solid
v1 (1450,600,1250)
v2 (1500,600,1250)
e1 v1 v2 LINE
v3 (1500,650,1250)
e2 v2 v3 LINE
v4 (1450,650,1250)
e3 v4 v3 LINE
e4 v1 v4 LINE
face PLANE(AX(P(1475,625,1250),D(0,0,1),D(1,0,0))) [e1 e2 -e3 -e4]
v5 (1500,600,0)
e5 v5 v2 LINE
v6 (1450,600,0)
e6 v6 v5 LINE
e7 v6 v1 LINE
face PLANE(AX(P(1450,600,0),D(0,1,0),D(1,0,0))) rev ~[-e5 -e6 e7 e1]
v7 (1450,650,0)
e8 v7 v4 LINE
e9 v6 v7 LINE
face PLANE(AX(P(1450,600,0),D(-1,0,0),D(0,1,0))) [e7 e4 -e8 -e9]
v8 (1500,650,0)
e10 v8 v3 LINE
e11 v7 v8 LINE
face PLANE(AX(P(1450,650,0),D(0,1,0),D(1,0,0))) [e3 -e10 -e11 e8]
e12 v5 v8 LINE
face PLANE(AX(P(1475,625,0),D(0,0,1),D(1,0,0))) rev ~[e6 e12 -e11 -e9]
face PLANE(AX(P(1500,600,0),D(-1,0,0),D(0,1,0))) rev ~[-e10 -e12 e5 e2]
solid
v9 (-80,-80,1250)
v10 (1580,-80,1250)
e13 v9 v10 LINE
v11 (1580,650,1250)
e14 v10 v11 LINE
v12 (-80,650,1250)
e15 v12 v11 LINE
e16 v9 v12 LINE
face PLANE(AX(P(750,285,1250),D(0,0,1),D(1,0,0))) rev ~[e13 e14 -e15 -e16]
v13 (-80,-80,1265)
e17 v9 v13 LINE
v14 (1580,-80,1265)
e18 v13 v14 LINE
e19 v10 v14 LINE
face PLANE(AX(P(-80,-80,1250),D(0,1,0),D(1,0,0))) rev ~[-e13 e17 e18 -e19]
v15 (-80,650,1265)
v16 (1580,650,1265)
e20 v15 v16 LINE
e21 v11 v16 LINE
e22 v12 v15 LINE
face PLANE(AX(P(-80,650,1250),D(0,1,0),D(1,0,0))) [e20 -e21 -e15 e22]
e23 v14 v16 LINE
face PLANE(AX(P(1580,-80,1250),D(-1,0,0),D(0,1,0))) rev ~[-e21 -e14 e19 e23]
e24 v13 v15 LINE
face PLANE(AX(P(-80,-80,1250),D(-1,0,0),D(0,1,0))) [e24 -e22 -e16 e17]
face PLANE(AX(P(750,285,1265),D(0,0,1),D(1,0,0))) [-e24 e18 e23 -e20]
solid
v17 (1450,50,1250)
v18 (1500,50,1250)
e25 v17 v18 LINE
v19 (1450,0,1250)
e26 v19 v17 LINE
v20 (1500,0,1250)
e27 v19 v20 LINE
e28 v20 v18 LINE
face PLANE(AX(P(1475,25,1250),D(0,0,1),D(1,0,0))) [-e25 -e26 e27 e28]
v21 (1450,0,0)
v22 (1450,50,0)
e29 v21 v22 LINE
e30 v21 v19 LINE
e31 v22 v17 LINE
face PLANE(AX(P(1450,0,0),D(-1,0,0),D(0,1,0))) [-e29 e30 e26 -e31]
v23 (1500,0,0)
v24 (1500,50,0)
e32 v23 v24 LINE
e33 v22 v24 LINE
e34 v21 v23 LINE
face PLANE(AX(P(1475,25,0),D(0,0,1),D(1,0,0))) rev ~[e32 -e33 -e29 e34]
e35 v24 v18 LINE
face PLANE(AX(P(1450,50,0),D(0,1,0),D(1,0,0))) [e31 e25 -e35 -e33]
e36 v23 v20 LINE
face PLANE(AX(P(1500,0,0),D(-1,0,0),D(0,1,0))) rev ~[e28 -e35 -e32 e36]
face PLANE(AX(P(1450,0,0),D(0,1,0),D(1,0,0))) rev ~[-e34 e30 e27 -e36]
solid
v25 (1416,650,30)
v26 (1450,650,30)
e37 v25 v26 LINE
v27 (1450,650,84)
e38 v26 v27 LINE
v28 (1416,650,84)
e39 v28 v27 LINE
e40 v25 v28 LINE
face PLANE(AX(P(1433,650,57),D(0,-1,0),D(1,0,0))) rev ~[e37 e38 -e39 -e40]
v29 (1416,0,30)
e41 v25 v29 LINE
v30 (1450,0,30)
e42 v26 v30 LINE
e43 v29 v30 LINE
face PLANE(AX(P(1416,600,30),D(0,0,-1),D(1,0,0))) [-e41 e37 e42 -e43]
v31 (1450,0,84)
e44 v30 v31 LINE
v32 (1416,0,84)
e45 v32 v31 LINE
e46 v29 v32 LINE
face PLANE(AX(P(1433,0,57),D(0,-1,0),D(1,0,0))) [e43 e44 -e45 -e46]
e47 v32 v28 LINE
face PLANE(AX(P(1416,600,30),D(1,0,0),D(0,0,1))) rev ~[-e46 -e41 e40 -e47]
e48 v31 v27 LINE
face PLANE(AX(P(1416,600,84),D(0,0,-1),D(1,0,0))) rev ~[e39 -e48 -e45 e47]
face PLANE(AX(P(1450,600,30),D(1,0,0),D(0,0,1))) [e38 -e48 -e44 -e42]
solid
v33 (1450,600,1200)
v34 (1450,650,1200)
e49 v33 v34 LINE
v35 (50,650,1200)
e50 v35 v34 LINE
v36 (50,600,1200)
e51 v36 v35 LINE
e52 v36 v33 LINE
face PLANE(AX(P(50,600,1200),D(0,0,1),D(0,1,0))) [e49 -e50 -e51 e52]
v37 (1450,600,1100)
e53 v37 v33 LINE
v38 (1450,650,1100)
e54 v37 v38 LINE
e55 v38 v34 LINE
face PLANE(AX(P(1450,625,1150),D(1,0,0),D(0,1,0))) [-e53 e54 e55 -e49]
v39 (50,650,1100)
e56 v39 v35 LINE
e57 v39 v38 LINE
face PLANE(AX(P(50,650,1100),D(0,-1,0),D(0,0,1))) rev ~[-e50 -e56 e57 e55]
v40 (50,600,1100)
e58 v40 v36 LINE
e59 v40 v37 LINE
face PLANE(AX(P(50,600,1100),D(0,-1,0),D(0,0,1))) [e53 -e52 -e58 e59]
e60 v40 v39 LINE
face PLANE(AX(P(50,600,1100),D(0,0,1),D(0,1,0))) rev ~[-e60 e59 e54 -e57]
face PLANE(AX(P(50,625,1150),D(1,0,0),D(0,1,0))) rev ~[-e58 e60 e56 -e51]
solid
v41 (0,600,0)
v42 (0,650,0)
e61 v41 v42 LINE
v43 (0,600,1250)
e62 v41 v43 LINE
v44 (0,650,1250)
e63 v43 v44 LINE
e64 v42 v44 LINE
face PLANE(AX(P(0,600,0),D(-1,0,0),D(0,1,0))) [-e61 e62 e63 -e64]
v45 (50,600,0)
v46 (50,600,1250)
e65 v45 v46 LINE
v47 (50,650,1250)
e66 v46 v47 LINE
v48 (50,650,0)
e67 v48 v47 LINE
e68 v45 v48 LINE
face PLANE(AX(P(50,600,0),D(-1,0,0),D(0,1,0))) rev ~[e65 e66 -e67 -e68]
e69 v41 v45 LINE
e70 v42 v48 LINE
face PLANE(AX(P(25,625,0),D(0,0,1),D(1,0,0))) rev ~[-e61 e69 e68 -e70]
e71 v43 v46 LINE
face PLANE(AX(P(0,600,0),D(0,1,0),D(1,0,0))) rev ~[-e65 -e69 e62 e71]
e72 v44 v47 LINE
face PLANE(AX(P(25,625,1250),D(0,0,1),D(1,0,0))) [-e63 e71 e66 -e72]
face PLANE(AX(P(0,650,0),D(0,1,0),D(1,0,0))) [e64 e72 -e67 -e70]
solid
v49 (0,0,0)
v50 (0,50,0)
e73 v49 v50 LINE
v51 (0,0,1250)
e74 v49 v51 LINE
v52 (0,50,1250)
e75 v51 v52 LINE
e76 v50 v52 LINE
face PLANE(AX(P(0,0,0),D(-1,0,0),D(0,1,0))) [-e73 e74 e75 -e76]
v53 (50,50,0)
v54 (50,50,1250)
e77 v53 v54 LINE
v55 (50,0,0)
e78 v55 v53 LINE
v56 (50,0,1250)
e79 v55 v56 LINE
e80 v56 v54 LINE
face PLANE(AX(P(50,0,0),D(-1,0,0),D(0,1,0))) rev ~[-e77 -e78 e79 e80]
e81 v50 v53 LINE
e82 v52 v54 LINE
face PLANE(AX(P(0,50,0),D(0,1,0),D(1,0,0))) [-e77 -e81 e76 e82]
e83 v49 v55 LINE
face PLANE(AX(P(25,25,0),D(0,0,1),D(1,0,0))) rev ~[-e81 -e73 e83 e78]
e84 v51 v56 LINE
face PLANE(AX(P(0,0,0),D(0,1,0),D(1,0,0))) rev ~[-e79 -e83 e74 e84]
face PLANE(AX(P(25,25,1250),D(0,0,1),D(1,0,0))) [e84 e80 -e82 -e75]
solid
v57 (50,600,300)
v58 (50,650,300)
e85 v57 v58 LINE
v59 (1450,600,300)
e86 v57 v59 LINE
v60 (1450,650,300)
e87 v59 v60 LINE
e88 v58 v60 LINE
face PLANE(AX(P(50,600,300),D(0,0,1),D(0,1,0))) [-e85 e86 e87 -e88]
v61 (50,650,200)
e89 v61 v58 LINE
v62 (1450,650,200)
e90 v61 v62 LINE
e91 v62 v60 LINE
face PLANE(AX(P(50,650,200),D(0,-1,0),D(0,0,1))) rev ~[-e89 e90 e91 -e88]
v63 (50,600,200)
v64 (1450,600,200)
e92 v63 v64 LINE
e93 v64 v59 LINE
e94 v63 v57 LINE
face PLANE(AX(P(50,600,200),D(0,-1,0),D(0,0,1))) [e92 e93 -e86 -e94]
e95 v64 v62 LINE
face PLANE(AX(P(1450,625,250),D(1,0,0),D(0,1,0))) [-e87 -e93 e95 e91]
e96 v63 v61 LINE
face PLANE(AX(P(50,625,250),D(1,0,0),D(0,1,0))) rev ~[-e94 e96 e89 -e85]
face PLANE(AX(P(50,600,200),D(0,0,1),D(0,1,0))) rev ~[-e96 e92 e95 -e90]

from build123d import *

# Parameters (mm, degrees)
F0_W          = 50
F0_H          = 50
F1_DEPTH      = 1250
F2_W          = 1660
F2_H          = 730
F2_W_2        = 50
F2_H_2        = 50
F3_DEPTH      = 15
F4_W          = 50
F4_H          = 100
F5_DEPTH      = 1400
F6_W          = 34
F6_H          = 54
F7_DEPTH      = 600
F7_DEPTH_BACK = 50


with BuildPart() as f1:
    # F0 (on Top) → F1 (new body)
    with BuildSketch(Plane.XY):
        with Locations((25, 25)):
            Rectangle(F0_W, F0_H)
        with Locations((1475, 25)):
            Rectangle(F0_W, F0_H)
        with Locations((1475, 625)):
            Rectangle(F0_W, F0_H)
        with Locations((25, 625)):
            Rectangle(F0_W, F0_H)
    extrude(amount=F1_DEPTH)


with BuildPart() as f3:
    # F2 (on face) → F3 (new body)
    with BuildSketch(Plane.XY.offset(1250)):
        with Locations((750, 285)):
            Rectangle(F2_W, F2_H)
        with Locations((25, 25)):
            Rectangle(F2_W_2, F2_H_2, mode=Mode.SUBTRACT)
        with Locations((25, 25)):
            Rectangle(F2_W_2, F2_H_2)
    extrude(amount=F3_DEPTH)


with BuildPart() as f5:
    # F4 (on face) → F5 (new body, through all)
    with BuildSketch(Plane.YZ.offset(50)):
        with Locations((625, 250)):
            Rectangle(F4_W, F4_H)
        with Locations((625, 1150)):
            Rectangle(F4_W, F4_H)
    extrude(amount=F5_DEPTH)


with BuildPart() as f7:
    # F6 (on face) → F7 (new body, two sides)
    with BuildSketch(Plane.XZ.offset(-600)) as f7_sk:
        with Locations((1433, 57)):
            Rectangle(F6_W, F6_H)
    extrude(amount=F7_DEPTH)
    extrude(f7_sk.sketch, amount=-F7_DEPTH_BACK)


solid = Compound([f1.part, f3.part, f5.part, f7.part])
